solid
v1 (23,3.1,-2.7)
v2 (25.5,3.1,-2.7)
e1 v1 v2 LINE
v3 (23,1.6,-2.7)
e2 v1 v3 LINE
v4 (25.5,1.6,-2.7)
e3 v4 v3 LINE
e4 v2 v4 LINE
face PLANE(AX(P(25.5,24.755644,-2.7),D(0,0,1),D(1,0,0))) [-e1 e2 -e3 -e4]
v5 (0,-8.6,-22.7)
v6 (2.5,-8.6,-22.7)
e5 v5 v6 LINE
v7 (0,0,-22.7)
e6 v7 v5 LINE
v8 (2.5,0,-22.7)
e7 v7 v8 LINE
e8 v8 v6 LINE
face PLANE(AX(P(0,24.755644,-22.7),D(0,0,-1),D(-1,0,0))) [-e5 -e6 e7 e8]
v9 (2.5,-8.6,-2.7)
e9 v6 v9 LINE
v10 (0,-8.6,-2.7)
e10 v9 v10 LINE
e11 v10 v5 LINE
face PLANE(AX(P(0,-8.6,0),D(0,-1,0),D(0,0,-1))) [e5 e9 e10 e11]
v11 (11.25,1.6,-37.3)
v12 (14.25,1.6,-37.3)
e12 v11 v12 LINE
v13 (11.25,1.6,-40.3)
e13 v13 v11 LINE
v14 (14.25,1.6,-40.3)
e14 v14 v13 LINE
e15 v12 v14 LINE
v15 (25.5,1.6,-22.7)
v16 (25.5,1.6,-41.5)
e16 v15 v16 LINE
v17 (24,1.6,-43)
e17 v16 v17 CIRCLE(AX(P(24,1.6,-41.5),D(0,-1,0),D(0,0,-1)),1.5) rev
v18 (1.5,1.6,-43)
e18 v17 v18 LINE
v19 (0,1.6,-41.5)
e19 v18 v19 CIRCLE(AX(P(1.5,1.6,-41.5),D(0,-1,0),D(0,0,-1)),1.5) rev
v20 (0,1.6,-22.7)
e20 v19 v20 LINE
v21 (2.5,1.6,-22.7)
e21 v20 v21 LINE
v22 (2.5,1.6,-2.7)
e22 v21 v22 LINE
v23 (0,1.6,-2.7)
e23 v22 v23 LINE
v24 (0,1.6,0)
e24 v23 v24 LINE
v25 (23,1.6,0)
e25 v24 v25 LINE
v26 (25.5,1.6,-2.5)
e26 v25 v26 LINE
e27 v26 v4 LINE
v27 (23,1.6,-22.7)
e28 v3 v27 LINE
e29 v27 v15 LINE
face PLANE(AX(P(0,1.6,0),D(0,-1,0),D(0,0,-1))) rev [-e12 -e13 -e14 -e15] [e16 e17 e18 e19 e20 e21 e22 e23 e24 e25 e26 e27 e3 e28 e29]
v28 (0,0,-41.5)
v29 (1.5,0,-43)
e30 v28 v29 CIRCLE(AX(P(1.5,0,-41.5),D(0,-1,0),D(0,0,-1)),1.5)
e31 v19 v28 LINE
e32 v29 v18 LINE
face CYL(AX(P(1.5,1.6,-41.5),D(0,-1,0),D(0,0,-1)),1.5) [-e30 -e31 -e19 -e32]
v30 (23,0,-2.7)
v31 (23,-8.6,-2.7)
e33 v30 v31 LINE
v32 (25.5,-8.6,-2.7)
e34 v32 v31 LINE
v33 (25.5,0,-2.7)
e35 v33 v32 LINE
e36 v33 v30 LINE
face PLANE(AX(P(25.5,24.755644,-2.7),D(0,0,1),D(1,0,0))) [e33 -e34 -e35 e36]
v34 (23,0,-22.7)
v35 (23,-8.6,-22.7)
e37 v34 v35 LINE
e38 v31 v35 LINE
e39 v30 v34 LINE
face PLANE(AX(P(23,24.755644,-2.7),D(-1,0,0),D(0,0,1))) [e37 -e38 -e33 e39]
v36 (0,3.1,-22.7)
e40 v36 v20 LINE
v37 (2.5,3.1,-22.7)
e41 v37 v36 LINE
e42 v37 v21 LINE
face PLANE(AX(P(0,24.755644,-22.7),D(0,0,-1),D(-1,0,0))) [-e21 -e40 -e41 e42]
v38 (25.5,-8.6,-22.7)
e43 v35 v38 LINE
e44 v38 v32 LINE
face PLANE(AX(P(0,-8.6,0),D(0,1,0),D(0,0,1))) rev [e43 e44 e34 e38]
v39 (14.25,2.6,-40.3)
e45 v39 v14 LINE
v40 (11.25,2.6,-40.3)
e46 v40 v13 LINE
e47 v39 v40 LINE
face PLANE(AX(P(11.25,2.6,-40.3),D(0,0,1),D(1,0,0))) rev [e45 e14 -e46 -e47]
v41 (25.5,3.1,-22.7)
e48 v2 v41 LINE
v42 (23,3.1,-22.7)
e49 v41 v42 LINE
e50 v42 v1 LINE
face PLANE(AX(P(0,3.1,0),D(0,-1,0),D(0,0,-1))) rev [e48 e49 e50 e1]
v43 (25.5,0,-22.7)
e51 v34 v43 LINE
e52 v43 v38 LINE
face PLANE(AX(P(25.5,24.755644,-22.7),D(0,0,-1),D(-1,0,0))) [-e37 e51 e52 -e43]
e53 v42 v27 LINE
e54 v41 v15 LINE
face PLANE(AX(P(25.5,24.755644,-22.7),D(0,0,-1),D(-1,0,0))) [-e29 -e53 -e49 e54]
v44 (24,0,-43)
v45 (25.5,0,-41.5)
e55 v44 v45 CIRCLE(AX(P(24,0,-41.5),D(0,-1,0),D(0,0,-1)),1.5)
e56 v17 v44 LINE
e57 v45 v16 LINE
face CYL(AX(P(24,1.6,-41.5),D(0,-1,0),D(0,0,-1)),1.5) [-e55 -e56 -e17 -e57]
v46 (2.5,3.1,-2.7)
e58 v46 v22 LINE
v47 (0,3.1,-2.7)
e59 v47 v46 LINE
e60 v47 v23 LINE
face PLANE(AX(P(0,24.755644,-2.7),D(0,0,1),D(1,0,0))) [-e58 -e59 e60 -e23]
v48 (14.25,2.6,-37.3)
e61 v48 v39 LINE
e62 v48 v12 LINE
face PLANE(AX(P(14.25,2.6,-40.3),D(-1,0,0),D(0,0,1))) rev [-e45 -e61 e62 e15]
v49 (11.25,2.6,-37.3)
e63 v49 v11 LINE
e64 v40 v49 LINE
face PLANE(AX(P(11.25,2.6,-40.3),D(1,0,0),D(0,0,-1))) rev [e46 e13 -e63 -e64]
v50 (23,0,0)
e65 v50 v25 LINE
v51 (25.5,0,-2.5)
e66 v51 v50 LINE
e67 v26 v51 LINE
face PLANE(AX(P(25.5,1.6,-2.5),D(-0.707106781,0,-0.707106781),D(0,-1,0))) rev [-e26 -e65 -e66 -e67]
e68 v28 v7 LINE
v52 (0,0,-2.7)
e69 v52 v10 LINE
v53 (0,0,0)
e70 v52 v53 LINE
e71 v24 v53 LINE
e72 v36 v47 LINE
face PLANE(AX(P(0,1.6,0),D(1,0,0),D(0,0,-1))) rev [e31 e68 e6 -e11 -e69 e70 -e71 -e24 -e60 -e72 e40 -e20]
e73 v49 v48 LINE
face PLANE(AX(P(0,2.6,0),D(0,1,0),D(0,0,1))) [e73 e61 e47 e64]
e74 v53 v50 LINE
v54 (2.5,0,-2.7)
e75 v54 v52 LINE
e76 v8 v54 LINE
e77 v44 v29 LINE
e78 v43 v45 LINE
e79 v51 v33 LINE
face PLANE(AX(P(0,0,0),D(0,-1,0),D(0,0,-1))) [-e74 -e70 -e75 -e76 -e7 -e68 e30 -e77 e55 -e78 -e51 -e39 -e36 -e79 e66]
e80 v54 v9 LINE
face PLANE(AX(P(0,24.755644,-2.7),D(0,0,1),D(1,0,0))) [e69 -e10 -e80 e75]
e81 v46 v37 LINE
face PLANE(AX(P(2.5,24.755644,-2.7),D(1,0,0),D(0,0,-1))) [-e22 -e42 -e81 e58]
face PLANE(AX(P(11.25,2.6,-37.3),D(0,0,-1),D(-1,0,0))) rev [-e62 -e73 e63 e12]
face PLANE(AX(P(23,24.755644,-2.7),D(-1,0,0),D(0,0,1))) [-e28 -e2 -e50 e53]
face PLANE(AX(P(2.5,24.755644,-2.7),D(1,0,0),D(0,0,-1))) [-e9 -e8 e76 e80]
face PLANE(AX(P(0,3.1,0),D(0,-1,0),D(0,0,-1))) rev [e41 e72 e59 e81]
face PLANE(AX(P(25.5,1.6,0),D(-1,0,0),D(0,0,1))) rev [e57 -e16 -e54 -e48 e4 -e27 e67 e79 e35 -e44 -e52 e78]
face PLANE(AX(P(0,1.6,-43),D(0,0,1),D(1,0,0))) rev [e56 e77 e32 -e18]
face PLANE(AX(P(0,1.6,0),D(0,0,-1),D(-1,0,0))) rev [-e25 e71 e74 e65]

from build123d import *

# Parameters (mm, degrees)
SKETCH1_W                = 25.5
SKETCH1_H                = 43
BOSS_EXTRUDE1_DEPTH      = 1.6
BOSS_EXTRUDE2_DEPTH      = 8.6
BOSS_EXTRUDE2_DEPTH_BACK = 3.1
SKETCH2_W                = 2.5
SKETCH2_H                = 20
SKETCH3_W                = 3
SKETCH3_H                = 3
BOSS_EXTRUDE3_DEPTH      = 1
FILLET1_R                = 1.5
CHAMFER1_SIZE            = 2.5


with BuildPart() as part:
    # Sketch1 → Boss-Extrude1 (new body)
    with BuildSketch(Plane(origin=(0, 0, 0), x_dir=(1, 0, 0), z_dir=(0, 1, 0))):
        with Locations((12.75, 21.5)):
            Rectangle(SKETCH1_W, SKETCH1_H)
    extrude(amount=BOSS_EXTRUDE1_DEPTH)

    # Sketch2 → Boss-Extrude2 (add, two sides: drawn at the far end of the back side and taken through both)
    with BuildSketch(Plane.XZ.offset(-BOSS_EXTRUDE2_DEPTH_BACK)):
        with Locations((1.25, -12.7)):
            Rectangle(SKETCH2_W, SKETCH2_H)
        with Locations((24.25, -12.7)):
            Rectangle(SKETCH2_W, SKETCH2_H)
    extrude(amount=BOSS_EXTRUDE2_DEPTH + BOSS_EXTRUDE2_DEPTH_BACK)

    # Sketch3 → Boss-Extrude3 (add)
    with BuildSketch(Plane(origin=(0, 1.6, 0), x_dir=(1, 0, 0), z_dir=(0, 1, 0))):
        with Locations((12.75, 38.8)):
            Rectangle(SKETCH3_W, SKETCH3_H)
    extrude(amount=BOSS_EXTRUDE3_DEPTH)

    # Fillet1
    fillet1_edges = [part.edges().sort_by_distance(p)[0] for p in [
        (0, 0.8, -43),
        (25.5, 0.8, -43),
    ]]
    fillet(fillet1_edges, radius=FILLET1_R)

    # Chamfer1
    chamfer1_edges = [part.edges().sort_by_distance(p)[0] for p in [
        (25.5, 0.8, 0),
    ]]
    chamfer(chamfer1_edges, length=CHAMFER1_SIZE)


solid = part.part
